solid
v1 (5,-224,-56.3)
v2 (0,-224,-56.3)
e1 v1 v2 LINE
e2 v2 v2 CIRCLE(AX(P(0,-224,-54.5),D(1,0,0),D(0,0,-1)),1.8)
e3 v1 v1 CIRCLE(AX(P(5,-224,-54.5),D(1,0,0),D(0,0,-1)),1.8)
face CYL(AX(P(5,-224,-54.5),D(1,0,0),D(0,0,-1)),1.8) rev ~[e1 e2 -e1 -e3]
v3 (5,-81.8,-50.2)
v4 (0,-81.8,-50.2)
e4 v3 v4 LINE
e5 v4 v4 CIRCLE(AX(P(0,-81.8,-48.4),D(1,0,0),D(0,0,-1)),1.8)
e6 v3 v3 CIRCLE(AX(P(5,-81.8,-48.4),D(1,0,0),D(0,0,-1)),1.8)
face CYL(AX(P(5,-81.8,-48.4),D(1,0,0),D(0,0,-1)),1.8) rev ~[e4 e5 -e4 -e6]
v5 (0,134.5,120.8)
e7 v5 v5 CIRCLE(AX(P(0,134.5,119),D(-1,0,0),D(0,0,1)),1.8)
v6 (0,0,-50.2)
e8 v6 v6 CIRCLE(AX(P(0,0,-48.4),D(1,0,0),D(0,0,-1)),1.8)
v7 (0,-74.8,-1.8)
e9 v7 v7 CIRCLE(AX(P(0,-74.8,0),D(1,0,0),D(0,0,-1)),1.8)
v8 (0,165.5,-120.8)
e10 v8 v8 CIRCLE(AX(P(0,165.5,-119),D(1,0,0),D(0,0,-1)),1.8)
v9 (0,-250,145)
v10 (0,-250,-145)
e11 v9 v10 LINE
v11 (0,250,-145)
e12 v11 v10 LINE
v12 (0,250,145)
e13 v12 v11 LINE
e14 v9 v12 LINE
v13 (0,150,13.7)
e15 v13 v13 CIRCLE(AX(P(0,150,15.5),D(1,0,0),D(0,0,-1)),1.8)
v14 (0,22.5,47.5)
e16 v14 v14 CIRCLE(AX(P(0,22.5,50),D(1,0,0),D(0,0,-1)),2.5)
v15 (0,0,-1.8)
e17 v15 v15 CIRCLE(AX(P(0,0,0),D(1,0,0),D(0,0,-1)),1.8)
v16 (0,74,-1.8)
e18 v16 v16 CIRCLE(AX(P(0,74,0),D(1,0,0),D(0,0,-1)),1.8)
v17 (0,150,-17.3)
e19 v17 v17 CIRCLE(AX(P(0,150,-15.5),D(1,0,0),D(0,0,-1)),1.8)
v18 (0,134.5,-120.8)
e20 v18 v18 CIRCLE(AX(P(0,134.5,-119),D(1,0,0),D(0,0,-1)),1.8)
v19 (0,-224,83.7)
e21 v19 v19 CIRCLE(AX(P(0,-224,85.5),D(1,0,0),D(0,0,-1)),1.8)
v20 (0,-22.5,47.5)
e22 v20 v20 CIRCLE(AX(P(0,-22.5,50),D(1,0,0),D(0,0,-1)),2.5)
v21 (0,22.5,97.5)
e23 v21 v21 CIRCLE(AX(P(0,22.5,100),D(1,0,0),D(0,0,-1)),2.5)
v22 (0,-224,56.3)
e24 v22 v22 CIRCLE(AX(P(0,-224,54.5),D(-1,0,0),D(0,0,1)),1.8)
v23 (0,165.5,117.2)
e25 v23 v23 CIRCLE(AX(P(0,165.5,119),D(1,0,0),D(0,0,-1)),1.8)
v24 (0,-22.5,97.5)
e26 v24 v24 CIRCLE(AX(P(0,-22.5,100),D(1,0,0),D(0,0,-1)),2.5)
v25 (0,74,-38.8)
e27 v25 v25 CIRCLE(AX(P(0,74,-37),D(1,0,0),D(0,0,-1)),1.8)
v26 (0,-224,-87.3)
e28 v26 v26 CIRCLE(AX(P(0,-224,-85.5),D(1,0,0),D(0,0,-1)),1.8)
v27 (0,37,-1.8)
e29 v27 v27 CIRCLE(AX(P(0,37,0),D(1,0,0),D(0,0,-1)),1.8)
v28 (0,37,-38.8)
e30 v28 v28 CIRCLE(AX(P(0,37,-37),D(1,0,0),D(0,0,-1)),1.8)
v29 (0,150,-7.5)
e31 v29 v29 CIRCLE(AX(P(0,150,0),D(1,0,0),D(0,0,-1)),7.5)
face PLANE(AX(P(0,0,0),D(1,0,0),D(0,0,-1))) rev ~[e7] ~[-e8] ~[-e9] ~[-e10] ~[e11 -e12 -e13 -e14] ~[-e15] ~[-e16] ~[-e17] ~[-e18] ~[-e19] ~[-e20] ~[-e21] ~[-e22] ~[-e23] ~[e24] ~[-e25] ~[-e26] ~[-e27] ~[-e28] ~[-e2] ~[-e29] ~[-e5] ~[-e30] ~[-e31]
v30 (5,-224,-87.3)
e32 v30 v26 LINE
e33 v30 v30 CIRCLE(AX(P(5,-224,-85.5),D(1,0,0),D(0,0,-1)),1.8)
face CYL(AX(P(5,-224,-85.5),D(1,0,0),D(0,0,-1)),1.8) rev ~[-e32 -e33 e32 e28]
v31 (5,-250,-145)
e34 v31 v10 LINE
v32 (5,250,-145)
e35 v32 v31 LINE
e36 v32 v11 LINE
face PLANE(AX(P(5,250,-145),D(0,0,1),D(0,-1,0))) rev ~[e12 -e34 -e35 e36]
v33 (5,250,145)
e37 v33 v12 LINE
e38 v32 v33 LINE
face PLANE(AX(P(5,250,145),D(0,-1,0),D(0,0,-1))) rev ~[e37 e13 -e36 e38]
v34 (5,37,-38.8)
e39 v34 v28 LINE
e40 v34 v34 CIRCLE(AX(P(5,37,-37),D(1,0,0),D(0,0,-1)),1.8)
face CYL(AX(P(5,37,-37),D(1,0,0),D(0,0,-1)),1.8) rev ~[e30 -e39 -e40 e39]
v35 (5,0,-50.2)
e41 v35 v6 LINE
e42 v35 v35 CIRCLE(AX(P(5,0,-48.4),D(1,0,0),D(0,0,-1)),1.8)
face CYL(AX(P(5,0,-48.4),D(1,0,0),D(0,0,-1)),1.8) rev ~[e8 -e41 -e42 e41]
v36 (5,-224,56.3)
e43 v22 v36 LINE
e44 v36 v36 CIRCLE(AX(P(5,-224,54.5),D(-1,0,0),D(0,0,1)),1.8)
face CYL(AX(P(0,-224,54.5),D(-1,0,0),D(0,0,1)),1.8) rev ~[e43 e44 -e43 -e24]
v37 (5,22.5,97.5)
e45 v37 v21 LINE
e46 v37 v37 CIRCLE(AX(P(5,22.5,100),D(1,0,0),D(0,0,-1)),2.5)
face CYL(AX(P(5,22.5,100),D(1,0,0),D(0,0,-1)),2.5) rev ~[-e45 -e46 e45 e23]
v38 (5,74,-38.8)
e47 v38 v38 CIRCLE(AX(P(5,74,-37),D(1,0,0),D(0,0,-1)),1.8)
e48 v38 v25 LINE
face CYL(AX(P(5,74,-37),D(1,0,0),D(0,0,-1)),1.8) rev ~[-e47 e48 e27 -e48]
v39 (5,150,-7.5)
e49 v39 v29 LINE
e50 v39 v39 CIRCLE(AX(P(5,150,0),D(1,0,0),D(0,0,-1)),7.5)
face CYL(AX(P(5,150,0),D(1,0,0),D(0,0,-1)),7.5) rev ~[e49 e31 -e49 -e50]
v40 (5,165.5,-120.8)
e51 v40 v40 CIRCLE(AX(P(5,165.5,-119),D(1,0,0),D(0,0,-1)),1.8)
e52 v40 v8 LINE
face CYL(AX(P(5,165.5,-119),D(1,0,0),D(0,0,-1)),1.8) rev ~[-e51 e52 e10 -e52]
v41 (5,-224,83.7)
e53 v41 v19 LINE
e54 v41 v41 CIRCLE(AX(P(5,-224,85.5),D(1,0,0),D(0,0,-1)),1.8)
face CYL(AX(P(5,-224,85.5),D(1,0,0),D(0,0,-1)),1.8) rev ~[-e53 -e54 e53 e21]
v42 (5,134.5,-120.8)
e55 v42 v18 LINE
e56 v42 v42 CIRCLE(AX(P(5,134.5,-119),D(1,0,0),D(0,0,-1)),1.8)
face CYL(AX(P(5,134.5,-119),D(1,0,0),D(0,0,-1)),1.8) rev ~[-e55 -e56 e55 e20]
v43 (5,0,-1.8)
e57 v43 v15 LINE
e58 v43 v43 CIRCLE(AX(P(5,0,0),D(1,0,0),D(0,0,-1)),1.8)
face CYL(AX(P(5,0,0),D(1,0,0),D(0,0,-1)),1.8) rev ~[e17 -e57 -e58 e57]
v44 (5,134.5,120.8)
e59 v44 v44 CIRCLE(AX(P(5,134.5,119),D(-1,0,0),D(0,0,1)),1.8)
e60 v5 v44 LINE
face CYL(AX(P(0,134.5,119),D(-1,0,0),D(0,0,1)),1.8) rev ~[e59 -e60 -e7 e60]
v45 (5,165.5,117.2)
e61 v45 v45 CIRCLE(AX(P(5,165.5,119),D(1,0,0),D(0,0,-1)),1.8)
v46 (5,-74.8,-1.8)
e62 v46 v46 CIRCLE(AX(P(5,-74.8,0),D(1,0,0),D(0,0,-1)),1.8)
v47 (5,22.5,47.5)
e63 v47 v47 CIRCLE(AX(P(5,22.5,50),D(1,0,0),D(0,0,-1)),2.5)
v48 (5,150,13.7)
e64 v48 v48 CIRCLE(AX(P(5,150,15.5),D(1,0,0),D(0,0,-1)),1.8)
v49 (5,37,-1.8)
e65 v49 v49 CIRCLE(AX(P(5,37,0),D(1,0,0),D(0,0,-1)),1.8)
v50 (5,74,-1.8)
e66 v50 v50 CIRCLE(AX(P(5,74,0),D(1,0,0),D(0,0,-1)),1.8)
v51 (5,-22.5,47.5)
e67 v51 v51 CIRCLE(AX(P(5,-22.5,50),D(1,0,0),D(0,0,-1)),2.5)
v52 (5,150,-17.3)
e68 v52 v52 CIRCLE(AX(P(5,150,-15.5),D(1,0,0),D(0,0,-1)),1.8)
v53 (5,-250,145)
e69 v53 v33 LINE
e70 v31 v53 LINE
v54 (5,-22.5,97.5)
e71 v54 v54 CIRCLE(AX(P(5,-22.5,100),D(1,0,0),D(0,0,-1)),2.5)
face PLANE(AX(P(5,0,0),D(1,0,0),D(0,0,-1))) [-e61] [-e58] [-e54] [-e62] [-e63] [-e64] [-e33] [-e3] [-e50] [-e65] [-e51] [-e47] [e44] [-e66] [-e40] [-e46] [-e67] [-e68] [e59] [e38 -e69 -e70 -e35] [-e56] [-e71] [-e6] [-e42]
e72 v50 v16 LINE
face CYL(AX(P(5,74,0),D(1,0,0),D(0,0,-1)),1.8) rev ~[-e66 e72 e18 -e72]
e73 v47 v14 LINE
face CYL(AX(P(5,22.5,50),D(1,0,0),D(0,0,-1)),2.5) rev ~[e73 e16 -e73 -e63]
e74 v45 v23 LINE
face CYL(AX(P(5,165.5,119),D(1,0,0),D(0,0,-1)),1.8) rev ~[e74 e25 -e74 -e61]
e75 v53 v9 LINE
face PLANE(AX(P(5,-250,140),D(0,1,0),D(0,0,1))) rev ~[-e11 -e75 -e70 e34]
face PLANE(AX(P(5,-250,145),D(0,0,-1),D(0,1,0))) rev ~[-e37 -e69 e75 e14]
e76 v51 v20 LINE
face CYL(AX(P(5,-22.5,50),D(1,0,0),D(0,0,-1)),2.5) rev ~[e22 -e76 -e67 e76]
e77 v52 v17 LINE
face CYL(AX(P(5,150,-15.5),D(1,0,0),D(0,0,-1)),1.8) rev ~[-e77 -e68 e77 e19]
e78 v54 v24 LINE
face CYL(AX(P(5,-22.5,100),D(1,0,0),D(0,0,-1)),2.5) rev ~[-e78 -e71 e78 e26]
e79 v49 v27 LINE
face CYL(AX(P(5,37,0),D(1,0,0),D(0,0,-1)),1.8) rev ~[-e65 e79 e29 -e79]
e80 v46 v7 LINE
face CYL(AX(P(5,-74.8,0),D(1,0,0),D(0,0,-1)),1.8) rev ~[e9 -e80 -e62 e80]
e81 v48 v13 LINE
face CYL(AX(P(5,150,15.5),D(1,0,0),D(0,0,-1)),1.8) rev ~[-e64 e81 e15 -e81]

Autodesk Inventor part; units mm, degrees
ref_plane "YZ Plane" through (0, 0, 0) normal (1, 0, 0) x (0, 1, 0)
ref_plane "XZ Plane" through (0, 0, 0) normal (0, 1, 0) x (-1, 0, 0)
ref_plane "XY Plane" through (0, 0, 0) normal (0, 0, 1) x (1, 0, 0)
sketch "草图1" plane through (0, 0, 0) normal (1, 0, 0) x (0, 1, 0)
  line L0 (250, 140) -> (-250, 140)
  line L1 (-250, 140) -> (-250, -150)
  line L2 (-250, -150) -> (250, -150)
  line L3 (250, -150) -> (250, 140)
  point P0 (0, 0)
  dimension "d0" = 500
  dimension "d1" = 290
extrude "拉伸1" add sketch "草图1" along normal blind 5
sketch "草图2" plane through (5, 0, 0) normal (1, 0, 0) x (0, 0, -1)
  circle A0 centre (85.5, -224) radius 1.8
  point P0 (0, 0)
  dimension "d4" = 3.6
extrude "拉伸2" cut sketch "草图2" against normal through all
sketch "草图3" plane through (5, 0, 0) normal (1, 0, 0) x (0, 0, -1)
  circle A0 centre (-85.5, -224) radius 1.8
  point P0 (0, 0)
  dimension "d7" = 3.6
extrude "拉伸3" cut sketch "草图3" against normal through all
sketch "草图4" plane through (0, 0, 0) normal (-1, 0, 0) x (0, 0, 1)
  circle A0 centre (54.5, -224) radius 1.8
  point P0 (0, 0)
  dimension "d10" = 3.6
extrude "拉伸4" cut sketch "草图4" against normal through all
sketch "草图5" plane through (5, 0, 0) normal (1, 0, 0) x (0, 0, -1)
  circle A0 centre (54.5, -224) radius 1.8
  point P0 (0, 0)
  dimension "d13" = 3.6
extrude "拉伸5" cut sketch "草图5" against normal through all
sketch "草图8" plane through (5, 0, 0) normal (1, 0, 0) x (0, 0, -1)
  circle A0 centre (-119, 165.5) radius 1.8
  point P0 (0, 0)
  dimension "d22" = 3.6
extrude "拉伸8" cut sketch "草图8" against normal through all
sketch "草图9" plane through (0, 0, 0) normal (-1, 0, 0) x (0, 0, 1)
  circle A0 centre (119, 134.5) radius 1.8
  point P0 (0, 0)
  dimension "d25" = 3.6
extrude "拉伸9" cut sketch "草图9" against normal through all
sketch "草图10" plane through (5, 0, 0) normal (1, 0, 0) x (0, 0, -1)
  circle A0 centre (119, 134.5) radius 1.8
  point P0 (0, 0)
  dimension "d28" = 3.6
extrude "拉伸10" cut sketch "草图10" against normal through all
sketch "草图11" plane through (5, 0, 0) normal (1, 0, 0) x (0, 0, -1)
  circle A0 centre (119, 165.5) radius 1.8
  point P0 (0, 0)
  dimension "d31" = 3.6
extrude "拉伸11" cut sketch "草图11" against normal through all
sketch "草图12" plane through (5, 0, 0) normal (1, 0, 0) x (0, 0, -1)
  line L0 (145, -250) -> (150, -250)
  line L1 (150, -250) -> (150, 250)
  line L2 (150, 250) -> (145, 250)
  line L3 (145, 250) -> (145, -250)
  point P0 (0, 0)
  dimension "d34" = 5
  dimension "d35" = 500
extrude "拉伸12" cut sketch "草图12" against normal through all
sketch "草图13" plane through (5, 0, 0) normal (1, 0, 0) x (0, 0, -1)
  line L0 (-140, -250) -> (-145, -250)
  line L1 (-145, -250) -> (-145, 250)
  line L2 (-145, 250) -> (-140, 250)
  line L3 (-140, 250) -> (-140, -250)
  point P0 (0, 0)
  dimension "d38" = 5
  dimension "d39" = 500
extrude "拉伸13" add sketch "草图13" against normal blind 5
sketch "草图14" plane through (5, 0, 0) normal (1, 0, 0) x (0, 0, -1)
  circle A0 centre (0, 0) radius 1.8
  dimension "d42" = 3.6
extrude "拉伸14" cut sketch "草图14" against normal through all
sketch "草图15" plane through (5, 0, 0) normal (1, 0, 0) x (0, 0, -1)
  circle A0 centre (48.4, 0) radius 1.8
  point P0 (0, 0)
  dimension "d45" = 3.6
extrude "拉伸15" cut sketch "草图15" against normal through all
sketch "草图16" plane through (5, 0, 0) normal (1, 0, 0) x (0, 0, -1)
  circle A0 centre (0, -74.8) radius 1.8
  point P0 (0, 0)
  dimension "d48" = 3.6
extrude "拉伸16" cut sketch "草图16" against normal through all
sketch "草图17" plane through (5, 0, 0) normal (1, 0, 0) x (0, 0, -1)
  circle A0 centre (48.4, -81.8) radius 1.8
  point P0 (0, 0)
  dimension "d51" = 3.6
extrude "拉伸17" cut sketch "草图17" against normal through all
sketch "草图18" plane through (5, 0, 0) normal (1, 0, 0) x (0, 0, -1)
  circle A0 centre (0, 37) radius 1.8
  point P0 (0, 0)
  dimension "d54" = 3.6
extrude "拉伸18" cut sketch "草图18" against normal through all
sketch "草图19" plane through (5, 0, 0) normal (1, 0, 0) x (0, 0, -1)
  circle A0 centre (37, 74) radius 1.8
  point P0 (0, 0)
  dimension "d57" = 3.6
extrude "拉伸19" cut sketch "草图19" against normal through all
sketch "草图20" plane through (5, 0, 0) normal (1, 0, 0) x (0, 0, -1)
  circle A0 centre (0, 74) radius 1.8
  point P0 (0, 0)
  dimension "d60" = 3.6
extrude "拉伸20" cut sketch "草图20" against normal through all
sketch "草图21" plane through (5, 0, 0) normal (1, 0, 0) x (0, 0, -1)
  circle A0 centre (37, 37) radius 1.8
  point P0 (0, 0)
  dimension "d63" = 3.6
extrude "拉伸21" cut sketch "草图21" against normal through all
sketch "草图22" plane through (5, 0, 0) normal (1, 0, 0) x (0, 0, -1)
  circle A0 centre (-50, -22.5) radius 2.5
  point P0 (0, 0)
  dimension "d66" = 5
extrude "拉伸22" cut sketch "草图22" against normal through all
sketch "草图23" plane through (5, 0, 0) normal (1, 0, 0) x (0, 0, -1)
  circle A0 centre (-50, 22.5) radius 2.5
  point P0 (0, 0)
  dimension "d69" = 5
extrude "拉伸23" cut sketch "草图23" against normal through all
sketch "草图24" plane through (5, 0, 0) normal (1, 0, 0) x (0, 0, -1)
  circle A0 centre (-100, -22.5) radius 2.5
  point P0 (0, 0)
  dimension "d72" = 5
extrude "拉伸24" cut sketch "草图24" against normal through all
sketch "草图25" plane through (5, 0, 0) normal (1, 0, 0) x (0, 0, -1)
  circle A0 centre (-100, 22.5) radius 2.5
  point P0 (0, 0)
  dimension "d75" = 5
extrude "拉伸25" cut sketch "草图25" against normal through all
sketch "草图26" plane through (5, 0, 0) normal (1, 0, 0) x (0, 0, -1)
  circle A0 centre (15.5, 150) radius 1.8
  point P0 (0, 0)
  dimension "d78" = 3.6
extrude "拉伸26" cut sketch "草图26" against normal through all
sketch "草图27" plane through (5, 0, 0) normal (1, 0, 0) x (0, 0, -1)
  circle A0 centre (-15.5, 150) radius 1.8
  point P0 (0, 0)
  dimension "d81" = 3.6
extrude "拉伸27" cut sketch "草图27" against normal through all
sketch "草图28" plane through (5, 0, 0) normal (1, 0, 0) x (0, 0, -1)
  circle A0 centre (0, 150) radius 7.5
  point P0 (0, 0)
  dimension "d84" = 15
extrude "拉伸28" cut sketch "草图28" against normal through all
equation "\"折弯半径\" = 厚度"
equation "\"折弯释压宽度\" = 厚度"
equation "\"折弯释压深度\" = 0.5 * 厚度"
equation "\"拐角释压尺寸\" = 4 * 厚度"
equation "\"最小余量\" = 2 * 厚度"
equation "\"过渡半径\" = 折弯半径"
equation "\"Jacobi半径尺寸\" = 折弯半径"
equation "\"间隙大小\" = 厚度"
equation "\"厚度\" = 0.5"
properties part number "290mm板"
